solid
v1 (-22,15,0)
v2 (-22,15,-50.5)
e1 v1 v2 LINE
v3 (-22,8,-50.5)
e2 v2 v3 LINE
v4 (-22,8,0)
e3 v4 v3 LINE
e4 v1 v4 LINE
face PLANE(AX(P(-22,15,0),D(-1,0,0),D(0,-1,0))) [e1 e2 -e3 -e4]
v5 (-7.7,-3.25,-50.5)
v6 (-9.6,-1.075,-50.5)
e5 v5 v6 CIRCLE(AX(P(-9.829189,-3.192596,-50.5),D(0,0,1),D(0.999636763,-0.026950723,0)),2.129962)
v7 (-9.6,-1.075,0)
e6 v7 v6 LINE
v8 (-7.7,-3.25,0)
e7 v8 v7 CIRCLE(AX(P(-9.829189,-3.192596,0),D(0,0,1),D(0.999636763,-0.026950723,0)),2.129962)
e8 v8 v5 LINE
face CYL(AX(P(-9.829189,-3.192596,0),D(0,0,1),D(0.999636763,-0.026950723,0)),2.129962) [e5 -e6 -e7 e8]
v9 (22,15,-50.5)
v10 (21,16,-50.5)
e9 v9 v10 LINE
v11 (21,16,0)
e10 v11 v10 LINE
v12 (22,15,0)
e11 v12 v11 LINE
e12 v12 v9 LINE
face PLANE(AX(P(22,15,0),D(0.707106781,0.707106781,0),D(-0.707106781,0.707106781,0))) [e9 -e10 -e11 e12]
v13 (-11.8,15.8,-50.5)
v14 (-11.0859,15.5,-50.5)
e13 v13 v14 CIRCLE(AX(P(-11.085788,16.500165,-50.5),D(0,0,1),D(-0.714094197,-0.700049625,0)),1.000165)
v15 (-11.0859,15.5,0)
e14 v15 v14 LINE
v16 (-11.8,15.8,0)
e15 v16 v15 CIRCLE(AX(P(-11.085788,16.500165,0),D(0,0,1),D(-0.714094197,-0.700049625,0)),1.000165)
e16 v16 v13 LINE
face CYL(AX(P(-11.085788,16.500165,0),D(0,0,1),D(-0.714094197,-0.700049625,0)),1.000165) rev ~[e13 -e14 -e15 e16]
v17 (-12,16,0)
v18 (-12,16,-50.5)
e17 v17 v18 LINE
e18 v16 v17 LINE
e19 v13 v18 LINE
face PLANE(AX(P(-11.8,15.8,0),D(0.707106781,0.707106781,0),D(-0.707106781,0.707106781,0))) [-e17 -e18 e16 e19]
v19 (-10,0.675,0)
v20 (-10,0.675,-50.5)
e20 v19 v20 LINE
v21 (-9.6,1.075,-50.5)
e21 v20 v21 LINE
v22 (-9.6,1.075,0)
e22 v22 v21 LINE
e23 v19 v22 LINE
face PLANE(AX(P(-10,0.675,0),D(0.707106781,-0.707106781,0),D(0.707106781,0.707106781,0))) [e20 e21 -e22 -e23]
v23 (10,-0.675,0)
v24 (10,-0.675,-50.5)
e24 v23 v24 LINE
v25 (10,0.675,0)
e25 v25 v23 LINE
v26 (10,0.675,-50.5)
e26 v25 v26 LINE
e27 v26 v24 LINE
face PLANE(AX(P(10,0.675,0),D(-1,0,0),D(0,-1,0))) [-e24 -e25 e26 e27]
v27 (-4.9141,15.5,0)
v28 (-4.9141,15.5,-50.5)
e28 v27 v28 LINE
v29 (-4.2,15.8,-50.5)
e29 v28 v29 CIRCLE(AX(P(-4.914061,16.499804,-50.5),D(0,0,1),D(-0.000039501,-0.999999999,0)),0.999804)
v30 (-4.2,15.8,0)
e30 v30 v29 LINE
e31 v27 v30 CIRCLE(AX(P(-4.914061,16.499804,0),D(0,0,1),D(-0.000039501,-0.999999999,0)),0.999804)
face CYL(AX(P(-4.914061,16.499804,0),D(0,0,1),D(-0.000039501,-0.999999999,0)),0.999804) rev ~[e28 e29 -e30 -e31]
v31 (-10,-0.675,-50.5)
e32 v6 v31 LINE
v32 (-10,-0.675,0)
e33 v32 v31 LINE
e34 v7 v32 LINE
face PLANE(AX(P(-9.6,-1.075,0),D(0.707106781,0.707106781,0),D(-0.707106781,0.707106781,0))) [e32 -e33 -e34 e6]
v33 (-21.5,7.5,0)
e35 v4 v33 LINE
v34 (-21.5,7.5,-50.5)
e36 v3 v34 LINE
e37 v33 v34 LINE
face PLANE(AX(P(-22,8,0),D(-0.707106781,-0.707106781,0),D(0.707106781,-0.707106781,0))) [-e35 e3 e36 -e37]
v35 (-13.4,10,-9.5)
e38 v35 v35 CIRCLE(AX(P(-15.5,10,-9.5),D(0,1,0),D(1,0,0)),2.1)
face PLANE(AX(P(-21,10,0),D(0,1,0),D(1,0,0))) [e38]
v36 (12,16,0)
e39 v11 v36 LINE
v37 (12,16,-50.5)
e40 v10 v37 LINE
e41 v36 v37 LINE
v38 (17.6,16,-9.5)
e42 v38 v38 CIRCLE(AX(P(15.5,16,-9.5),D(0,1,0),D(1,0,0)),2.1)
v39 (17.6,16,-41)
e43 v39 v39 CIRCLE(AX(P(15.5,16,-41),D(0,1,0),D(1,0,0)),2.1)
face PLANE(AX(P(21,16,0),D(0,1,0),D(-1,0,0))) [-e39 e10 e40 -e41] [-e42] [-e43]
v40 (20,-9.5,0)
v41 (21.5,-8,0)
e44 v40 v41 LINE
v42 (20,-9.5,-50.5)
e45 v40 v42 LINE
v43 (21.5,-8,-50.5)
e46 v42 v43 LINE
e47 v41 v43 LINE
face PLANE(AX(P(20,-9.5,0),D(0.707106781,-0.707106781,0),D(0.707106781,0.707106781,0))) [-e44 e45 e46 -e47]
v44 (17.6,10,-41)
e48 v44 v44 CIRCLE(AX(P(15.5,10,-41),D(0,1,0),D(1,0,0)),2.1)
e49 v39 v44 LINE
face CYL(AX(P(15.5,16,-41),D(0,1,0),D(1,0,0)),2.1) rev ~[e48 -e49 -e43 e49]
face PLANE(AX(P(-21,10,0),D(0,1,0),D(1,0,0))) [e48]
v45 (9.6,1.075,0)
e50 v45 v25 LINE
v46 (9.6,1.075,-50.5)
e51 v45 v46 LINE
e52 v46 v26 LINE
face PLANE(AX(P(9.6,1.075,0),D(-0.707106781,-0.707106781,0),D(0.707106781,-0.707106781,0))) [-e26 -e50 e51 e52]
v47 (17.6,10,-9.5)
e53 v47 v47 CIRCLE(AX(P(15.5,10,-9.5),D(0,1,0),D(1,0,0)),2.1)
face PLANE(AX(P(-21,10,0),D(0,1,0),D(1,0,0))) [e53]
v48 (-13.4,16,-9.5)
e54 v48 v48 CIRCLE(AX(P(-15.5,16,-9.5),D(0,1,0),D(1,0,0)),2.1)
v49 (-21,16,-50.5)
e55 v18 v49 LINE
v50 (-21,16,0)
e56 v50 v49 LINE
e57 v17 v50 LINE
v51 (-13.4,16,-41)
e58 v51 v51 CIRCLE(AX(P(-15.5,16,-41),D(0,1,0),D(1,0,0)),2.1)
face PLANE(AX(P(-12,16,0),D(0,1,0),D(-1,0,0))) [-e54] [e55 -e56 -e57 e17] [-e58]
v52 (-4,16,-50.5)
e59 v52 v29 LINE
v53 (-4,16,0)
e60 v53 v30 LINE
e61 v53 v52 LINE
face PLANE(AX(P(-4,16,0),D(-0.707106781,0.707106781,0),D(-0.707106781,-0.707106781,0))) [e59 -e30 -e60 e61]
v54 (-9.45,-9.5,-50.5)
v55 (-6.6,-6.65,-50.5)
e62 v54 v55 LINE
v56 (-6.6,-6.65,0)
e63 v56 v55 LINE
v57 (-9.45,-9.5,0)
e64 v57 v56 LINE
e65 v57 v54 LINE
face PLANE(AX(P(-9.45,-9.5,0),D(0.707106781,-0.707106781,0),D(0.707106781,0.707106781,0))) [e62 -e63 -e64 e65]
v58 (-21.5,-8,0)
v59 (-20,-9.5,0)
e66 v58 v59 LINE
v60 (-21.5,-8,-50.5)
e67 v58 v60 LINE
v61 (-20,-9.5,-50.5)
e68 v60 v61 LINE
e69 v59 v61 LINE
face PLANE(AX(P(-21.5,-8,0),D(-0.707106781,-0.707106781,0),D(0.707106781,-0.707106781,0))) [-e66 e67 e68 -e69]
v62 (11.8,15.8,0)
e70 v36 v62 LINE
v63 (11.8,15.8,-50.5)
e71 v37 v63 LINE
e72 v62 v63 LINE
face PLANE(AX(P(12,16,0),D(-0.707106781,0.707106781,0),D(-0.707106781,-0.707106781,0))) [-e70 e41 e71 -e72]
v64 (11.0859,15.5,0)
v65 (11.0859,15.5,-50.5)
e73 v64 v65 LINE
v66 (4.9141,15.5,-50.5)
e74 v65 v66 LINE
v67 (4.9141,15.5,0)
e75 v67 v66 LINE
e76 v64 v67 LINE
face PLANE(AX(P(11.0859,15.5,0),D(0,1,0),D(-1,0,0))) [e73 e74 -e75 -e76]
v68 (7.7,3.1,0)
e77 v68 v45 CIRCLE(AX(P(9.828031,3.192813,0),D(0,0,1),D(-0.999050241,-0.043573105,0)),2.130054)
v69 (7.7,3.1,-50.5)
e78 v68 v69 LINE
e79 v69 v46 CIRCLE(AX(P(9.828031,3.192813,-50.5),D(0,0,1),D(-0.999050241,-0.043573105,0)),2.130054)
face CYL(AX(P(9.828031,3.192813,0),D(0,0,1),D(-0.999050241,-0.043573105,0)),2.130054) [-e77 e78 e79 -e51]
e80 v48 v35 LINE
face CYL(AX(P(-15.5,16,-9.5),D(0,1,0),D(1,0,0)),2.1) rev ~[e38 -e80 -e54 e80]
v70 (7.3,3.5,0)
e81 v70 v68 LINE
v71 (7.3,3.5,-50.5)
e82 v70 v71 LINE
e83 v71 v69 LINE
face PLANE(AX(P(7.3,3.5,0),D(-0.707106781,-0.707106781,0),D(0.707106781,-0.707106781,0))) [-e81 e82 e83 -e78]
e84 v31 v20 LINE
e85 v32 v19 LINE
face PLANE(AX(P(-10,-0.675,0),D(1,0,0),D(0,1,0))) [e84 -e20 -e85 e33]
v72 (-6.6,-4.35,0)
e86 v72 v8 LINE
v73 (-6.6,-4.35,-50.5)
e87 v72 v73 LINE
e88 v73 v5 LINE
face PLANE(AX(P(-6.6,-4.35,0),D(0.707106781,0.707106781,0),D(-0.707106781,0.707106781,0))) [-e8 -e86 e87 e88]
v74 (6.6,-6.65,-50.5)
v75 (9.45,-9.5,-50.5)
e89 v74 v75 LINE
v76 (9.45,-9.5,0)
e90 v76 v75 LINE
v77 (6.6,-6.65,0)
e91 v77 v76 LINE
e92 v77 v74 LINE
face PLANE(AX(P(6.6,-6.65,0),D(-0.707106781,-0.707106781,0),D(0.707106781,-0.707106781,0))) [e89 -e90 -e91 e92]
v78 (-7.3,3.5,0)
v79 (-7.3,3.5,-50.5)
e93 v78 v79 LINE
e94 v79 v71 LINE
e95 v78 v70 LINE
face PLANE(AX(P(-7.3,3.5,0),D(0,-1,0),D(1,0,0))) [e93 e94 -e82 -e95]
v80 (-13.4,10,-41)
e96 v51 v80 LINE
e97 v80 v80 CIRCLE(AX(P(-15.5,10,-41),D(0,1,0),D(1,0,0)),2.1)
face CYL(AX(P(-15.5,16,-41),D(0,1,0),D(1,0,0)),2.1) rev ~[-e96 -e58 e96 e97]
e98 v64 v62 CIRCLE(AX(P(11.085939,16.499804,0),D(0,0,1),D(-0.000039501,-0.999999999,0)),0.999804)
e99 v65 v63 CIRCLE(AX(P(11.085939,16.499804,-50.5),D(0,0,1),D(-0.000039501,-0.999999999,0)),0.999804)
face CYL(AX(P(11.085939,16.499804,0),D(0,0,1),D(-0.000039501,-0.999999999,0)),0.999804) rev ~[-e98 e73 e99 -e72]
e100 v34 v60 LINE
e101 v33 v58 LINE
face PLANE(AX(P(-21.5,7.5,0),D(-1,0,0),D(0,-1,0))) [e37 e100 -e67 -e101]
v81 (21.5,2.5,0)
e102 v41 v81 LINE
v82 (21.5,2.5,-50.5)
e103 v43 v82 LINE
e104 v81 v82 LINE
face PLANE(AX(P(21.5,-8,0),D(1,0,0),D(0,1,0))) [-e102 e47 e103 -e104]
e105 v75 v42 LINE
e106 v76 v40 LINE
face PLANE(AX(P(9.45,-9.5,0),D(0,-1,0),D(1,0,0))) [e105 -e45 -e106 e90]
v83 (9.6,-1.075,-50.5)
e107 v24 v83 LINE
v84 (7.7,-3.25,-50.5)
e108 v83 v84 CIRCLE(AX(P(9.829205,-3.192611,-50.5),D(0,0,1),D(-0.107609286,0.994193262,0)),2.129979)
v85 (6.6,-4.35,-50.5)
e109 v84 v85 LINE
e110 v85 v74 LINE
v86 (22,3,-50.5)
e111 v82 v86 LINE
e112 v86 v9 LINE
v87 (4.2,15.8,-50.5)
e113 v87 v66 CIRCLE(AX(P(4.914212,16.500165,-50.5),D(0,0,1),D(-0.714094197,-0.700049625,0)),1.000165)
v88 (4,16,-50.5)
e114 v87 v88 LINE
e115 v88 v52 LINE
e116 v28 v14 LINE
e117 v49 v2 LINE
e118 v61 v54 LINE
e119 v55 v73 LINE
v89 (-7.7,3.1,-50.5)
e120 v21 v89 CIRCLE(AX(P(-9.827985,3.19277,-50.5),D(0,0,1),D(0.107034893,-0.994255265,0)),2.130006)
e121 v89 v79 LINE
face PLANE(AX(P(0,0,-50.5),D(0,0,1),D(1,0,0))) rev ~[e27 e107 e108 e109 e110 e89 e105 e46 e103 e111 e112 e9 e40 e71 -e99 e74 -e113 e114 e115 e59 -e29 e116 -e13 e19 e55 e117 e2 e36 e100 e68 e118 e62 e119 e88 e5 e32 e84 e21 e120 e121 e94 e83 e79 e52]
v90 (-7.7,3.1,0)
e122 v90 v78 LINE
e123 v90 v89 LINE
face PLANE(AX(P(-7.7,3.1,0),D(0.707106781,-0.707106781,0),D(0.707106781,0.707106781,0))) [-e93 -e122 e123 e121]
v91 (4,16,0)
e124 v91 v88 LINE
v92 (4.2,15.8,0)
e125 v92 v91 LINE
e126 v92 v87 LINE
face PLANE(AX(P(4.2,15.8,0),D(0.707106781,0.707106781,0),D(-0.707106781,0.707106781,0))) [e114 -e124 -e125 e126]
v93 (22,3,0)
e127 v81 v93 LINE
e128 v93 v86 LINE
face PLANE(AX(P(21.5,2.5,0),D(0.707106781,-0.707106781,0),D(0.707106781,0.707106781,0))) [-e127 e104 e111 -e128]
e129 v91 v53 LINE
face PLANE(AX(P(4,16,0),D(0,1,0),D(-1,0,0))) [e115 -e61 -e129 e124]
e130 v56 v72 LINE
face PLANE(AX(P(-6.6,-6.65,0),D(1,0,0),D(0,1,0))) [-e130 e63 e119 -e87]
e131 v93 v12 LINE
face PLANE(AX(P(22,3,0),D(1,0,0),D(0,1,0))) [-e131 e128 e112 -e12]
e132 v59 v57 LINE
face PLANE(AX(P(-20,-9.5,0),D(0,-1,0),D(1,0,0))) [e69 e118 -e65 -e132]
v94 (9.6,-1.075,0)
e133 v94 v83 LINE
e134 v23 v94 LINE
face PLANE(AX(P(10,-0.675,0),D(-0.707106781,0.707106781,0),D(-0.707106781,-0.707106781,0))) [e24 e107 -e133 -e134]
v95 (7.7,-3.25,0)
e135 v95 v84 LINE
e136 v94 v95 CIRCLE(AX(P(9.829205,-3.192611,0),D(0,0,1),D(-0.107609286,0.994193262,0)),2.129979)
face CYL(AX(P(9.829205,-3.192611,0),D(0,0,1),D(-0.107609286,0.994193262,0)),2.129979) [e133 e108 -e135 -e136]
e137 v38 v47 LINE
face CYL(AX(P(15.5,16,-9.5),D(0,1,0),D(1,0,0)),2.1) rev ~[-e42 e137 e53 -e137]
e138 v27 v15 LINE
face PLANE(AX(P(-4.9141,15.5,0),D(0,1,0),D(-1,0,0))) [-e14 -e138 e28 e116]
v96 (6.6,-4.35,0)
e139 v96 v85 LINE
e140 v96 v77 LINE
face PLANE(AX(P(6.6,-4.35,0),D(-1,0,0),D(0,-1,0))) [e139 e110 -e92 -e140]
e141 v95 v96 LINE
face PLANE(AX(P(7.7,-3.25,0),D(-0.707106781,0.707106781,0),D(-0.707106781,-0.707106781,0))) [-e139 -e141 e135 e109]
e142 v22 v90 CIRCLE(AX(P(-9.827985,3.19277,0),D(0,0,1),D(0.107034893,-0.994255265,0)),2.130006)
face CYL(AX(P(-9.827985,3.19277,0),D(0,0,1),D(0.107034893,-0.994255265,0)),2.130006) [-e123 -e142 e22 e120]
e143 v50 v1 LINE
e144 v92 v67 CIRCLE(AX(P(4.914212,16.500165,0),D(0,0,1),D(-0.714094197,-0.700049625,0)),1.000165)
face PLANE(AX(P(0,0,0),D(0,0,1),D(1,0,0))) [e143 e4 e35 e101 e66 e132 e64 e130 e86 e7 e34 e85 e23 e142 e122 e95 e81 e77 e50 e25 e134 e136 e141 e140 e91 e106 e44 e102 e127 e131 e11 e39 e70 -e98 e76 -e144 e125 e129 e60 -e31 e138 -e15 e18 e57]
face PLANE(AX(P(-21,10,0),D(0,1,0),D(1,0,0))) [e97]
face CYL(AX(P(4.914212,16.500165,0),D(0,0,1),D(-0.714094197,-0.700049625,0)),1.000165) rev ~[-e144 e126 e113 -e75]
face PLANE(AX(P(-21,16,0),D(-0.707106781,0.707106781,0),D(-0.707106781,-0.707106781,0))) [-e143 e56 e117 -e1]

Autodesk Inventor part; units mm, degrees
ref_plane "YZ Plane" through (0, 0, 0) normal (1, 0, 0) x (0, 1, 0)
ref_plane "XZ Plane" through (0, 0, 0) normal (0, 1, 0) x (-1, 0, 0)
ref_plane "XY Plane" through (0, 0, 0) normal (0, 0, 1) x (1, 0, 0)
sketch "Sketch1" plane through (0, 0, 0) normal (0, 0, 1) x (1, 0, 0)
  line L0 (-22, 15) -> (-22, 8)
  line L1 (-21, 16) -> (-22, 15)
  line L2 (-12, 16) -> (-21, 16)
  line L3 (-11.8, 15.8) -> (-12, 16)
  arc A0 (-11.8, 15.8) -> (-11.0859, 15.5) centre (-11.0859, 16.5) ccw
  line L4 (-4.9141, 15.5) -> (-11.0859, 15.5)
  arc A1 (-4.9141, 15.5) -> (-4.2, 15.8) centre (-4.9141, 16.5) ccw
  line L5 (-4, 16) -> (-4.2, 15.8)
  line L6 (4, 16) -> (-4, 16)
  line L7 (4.2, 15.8) -> (4, 16)
  arc A2 (4.2, 15.8) -> (4.9141, 15.5) centre (4.9141, 16.5) ccw
  line L8 (11.0859, 15.5) -> (4.9141, 15.5)
  arc A3 (11.0859, 15.5) -> (11.8, 15.8) centre (11.0859, 16.5) ccw
  line L9 (12, 16) -> (11.8, 15.8)
  line L10 (21, 16) -> (12, 16)
  line L11 (22, 15) -> (21, 16)
  line L12 (22, 3) -> (22, 15)
  line L13 (21.5, 2.5) -> (22, 3)
  line L14 (21.5, -8) -> (21.5, 2.5)
  line L15 (20, -9.5) -> (21.5, -8)
  line L16 (9.45, -9.5) -> (20, -9.5)
  line L17 (6.6, -6.65) -> (9.45, -9.5)
  line L18 (6.6, -4.35) -> (6.6, -6.65)
  line L19 (7.7, -3.25) -> (6.6, -4.35)
  arc A4 (9.6, -1.075) -> (7.7, -3.25) centre (9.8292, -3.1926) ccw
  line L20 (10, -0.675) -> (9.6, -1.075)
  line L21 (10, 0.675) -> (10, -0.675)
  line L22 (9.6, 1.075) -> (10, 0.675)
  arc A5 (7.7, 3.1) -> (9.6, 1.075) centre (9.828, 3.1928) ccw
  line L23 (7.3, 3.5) -> (7.7, 3.1)
  line L24 (-7.3, 3.5) -> (7.3, 3.5)
  line L25 (-7.7, 3.1) -> (-7.3, 3.5)
  arc A6 (-9.6, 1.075) -> (-7.7, 3.1) centre (-9.828, 3.1928) ccw
  line L26 (-10, 0.675) -> (-9.6, 1.075)
  line L27 (-10, -0.675) -> (-10, 0.675)
  line L28 (-9.6, -1.075) -> (-10, -0.675)
  arc A7 (-7.7, -3.25) -> (-9.6, -1.075) centre (-9.8292, -3.1926) ccw
  line L29 (-6.6, -4.35) -> (-7.7, -3.25)
  line L30 (-6.6, -6.65) -> (-6.6, -4.35)
  line L31 (-9.45, -9.5) -> (-6.6, -6.65)
  line L32 (-20, -9.5) -> (-9.45, -9.5)
  line L33 (-21.5, -8) -> (-20, -9.5)
  line L34 (-21.5, 7.5) -> (-21.5, -8)
  line L35 (-22, 8) -> (-21.5, 7.5)
  point P0 (0, 0)
  point P1 (0, 0)
extrude "Extrusion1" add sketch "Sketch1" against normal blind 50.5
sketch "Sketch3" plane through (-21, 16, 0) normal (0, 1, 0) x (1, 0, 0)
  circle A0 centre (5.5, 41) radius 2.1
  circle A1 centre (36.5, 41) radius 2.1
  line L0 (9, 0) -> (0, 0) projected
  line L1 (9, 0) -> (9, 50.5) projected
  line L2 (0, 50.5) -> (9, 50.5) projected
  line L3 (0, 0) -> (0, 50.5) projected
  line L4 (42, 0) -> (33, 0) projected
  line L5 (42, 0) -> (42, 50.5) projected
  line L6 (33, 50.5) -> (42, 50.5) projected
  line L7 (33, 0) -> (33, 50.5) projected
  line L8 (42, 0) -> (33, 0) projected
  line L9 (4.5, 0) -> (4.5, 50.5) construction
  line L10 (0, 50.5) -> (9, 50.5) projected
  line L11 (0, 0) -> (0, 50.5) projected
  line L12 (0, 25.25) -> (42, 25.25) construction
  line L13 (42, 0) -> (42, 50.5) projected
  line L14 (21, 0) -> (21, 50.5) construction
  circle A2 centre (5.5, 9.5) radius 2.1
  circle A3 centre (36.5, 9.5) radius 2.1
  point P0 (19, 27.5)
  dimension "d5" = 31
  dimension "d6" = 4.2
  dimension "d7" = 15.75
extrude "Extrusion2" cut sketch "Sketch3" against normal blind 6 contours A0 | A1 | A2 | A3
properties part number "HGR20A"
